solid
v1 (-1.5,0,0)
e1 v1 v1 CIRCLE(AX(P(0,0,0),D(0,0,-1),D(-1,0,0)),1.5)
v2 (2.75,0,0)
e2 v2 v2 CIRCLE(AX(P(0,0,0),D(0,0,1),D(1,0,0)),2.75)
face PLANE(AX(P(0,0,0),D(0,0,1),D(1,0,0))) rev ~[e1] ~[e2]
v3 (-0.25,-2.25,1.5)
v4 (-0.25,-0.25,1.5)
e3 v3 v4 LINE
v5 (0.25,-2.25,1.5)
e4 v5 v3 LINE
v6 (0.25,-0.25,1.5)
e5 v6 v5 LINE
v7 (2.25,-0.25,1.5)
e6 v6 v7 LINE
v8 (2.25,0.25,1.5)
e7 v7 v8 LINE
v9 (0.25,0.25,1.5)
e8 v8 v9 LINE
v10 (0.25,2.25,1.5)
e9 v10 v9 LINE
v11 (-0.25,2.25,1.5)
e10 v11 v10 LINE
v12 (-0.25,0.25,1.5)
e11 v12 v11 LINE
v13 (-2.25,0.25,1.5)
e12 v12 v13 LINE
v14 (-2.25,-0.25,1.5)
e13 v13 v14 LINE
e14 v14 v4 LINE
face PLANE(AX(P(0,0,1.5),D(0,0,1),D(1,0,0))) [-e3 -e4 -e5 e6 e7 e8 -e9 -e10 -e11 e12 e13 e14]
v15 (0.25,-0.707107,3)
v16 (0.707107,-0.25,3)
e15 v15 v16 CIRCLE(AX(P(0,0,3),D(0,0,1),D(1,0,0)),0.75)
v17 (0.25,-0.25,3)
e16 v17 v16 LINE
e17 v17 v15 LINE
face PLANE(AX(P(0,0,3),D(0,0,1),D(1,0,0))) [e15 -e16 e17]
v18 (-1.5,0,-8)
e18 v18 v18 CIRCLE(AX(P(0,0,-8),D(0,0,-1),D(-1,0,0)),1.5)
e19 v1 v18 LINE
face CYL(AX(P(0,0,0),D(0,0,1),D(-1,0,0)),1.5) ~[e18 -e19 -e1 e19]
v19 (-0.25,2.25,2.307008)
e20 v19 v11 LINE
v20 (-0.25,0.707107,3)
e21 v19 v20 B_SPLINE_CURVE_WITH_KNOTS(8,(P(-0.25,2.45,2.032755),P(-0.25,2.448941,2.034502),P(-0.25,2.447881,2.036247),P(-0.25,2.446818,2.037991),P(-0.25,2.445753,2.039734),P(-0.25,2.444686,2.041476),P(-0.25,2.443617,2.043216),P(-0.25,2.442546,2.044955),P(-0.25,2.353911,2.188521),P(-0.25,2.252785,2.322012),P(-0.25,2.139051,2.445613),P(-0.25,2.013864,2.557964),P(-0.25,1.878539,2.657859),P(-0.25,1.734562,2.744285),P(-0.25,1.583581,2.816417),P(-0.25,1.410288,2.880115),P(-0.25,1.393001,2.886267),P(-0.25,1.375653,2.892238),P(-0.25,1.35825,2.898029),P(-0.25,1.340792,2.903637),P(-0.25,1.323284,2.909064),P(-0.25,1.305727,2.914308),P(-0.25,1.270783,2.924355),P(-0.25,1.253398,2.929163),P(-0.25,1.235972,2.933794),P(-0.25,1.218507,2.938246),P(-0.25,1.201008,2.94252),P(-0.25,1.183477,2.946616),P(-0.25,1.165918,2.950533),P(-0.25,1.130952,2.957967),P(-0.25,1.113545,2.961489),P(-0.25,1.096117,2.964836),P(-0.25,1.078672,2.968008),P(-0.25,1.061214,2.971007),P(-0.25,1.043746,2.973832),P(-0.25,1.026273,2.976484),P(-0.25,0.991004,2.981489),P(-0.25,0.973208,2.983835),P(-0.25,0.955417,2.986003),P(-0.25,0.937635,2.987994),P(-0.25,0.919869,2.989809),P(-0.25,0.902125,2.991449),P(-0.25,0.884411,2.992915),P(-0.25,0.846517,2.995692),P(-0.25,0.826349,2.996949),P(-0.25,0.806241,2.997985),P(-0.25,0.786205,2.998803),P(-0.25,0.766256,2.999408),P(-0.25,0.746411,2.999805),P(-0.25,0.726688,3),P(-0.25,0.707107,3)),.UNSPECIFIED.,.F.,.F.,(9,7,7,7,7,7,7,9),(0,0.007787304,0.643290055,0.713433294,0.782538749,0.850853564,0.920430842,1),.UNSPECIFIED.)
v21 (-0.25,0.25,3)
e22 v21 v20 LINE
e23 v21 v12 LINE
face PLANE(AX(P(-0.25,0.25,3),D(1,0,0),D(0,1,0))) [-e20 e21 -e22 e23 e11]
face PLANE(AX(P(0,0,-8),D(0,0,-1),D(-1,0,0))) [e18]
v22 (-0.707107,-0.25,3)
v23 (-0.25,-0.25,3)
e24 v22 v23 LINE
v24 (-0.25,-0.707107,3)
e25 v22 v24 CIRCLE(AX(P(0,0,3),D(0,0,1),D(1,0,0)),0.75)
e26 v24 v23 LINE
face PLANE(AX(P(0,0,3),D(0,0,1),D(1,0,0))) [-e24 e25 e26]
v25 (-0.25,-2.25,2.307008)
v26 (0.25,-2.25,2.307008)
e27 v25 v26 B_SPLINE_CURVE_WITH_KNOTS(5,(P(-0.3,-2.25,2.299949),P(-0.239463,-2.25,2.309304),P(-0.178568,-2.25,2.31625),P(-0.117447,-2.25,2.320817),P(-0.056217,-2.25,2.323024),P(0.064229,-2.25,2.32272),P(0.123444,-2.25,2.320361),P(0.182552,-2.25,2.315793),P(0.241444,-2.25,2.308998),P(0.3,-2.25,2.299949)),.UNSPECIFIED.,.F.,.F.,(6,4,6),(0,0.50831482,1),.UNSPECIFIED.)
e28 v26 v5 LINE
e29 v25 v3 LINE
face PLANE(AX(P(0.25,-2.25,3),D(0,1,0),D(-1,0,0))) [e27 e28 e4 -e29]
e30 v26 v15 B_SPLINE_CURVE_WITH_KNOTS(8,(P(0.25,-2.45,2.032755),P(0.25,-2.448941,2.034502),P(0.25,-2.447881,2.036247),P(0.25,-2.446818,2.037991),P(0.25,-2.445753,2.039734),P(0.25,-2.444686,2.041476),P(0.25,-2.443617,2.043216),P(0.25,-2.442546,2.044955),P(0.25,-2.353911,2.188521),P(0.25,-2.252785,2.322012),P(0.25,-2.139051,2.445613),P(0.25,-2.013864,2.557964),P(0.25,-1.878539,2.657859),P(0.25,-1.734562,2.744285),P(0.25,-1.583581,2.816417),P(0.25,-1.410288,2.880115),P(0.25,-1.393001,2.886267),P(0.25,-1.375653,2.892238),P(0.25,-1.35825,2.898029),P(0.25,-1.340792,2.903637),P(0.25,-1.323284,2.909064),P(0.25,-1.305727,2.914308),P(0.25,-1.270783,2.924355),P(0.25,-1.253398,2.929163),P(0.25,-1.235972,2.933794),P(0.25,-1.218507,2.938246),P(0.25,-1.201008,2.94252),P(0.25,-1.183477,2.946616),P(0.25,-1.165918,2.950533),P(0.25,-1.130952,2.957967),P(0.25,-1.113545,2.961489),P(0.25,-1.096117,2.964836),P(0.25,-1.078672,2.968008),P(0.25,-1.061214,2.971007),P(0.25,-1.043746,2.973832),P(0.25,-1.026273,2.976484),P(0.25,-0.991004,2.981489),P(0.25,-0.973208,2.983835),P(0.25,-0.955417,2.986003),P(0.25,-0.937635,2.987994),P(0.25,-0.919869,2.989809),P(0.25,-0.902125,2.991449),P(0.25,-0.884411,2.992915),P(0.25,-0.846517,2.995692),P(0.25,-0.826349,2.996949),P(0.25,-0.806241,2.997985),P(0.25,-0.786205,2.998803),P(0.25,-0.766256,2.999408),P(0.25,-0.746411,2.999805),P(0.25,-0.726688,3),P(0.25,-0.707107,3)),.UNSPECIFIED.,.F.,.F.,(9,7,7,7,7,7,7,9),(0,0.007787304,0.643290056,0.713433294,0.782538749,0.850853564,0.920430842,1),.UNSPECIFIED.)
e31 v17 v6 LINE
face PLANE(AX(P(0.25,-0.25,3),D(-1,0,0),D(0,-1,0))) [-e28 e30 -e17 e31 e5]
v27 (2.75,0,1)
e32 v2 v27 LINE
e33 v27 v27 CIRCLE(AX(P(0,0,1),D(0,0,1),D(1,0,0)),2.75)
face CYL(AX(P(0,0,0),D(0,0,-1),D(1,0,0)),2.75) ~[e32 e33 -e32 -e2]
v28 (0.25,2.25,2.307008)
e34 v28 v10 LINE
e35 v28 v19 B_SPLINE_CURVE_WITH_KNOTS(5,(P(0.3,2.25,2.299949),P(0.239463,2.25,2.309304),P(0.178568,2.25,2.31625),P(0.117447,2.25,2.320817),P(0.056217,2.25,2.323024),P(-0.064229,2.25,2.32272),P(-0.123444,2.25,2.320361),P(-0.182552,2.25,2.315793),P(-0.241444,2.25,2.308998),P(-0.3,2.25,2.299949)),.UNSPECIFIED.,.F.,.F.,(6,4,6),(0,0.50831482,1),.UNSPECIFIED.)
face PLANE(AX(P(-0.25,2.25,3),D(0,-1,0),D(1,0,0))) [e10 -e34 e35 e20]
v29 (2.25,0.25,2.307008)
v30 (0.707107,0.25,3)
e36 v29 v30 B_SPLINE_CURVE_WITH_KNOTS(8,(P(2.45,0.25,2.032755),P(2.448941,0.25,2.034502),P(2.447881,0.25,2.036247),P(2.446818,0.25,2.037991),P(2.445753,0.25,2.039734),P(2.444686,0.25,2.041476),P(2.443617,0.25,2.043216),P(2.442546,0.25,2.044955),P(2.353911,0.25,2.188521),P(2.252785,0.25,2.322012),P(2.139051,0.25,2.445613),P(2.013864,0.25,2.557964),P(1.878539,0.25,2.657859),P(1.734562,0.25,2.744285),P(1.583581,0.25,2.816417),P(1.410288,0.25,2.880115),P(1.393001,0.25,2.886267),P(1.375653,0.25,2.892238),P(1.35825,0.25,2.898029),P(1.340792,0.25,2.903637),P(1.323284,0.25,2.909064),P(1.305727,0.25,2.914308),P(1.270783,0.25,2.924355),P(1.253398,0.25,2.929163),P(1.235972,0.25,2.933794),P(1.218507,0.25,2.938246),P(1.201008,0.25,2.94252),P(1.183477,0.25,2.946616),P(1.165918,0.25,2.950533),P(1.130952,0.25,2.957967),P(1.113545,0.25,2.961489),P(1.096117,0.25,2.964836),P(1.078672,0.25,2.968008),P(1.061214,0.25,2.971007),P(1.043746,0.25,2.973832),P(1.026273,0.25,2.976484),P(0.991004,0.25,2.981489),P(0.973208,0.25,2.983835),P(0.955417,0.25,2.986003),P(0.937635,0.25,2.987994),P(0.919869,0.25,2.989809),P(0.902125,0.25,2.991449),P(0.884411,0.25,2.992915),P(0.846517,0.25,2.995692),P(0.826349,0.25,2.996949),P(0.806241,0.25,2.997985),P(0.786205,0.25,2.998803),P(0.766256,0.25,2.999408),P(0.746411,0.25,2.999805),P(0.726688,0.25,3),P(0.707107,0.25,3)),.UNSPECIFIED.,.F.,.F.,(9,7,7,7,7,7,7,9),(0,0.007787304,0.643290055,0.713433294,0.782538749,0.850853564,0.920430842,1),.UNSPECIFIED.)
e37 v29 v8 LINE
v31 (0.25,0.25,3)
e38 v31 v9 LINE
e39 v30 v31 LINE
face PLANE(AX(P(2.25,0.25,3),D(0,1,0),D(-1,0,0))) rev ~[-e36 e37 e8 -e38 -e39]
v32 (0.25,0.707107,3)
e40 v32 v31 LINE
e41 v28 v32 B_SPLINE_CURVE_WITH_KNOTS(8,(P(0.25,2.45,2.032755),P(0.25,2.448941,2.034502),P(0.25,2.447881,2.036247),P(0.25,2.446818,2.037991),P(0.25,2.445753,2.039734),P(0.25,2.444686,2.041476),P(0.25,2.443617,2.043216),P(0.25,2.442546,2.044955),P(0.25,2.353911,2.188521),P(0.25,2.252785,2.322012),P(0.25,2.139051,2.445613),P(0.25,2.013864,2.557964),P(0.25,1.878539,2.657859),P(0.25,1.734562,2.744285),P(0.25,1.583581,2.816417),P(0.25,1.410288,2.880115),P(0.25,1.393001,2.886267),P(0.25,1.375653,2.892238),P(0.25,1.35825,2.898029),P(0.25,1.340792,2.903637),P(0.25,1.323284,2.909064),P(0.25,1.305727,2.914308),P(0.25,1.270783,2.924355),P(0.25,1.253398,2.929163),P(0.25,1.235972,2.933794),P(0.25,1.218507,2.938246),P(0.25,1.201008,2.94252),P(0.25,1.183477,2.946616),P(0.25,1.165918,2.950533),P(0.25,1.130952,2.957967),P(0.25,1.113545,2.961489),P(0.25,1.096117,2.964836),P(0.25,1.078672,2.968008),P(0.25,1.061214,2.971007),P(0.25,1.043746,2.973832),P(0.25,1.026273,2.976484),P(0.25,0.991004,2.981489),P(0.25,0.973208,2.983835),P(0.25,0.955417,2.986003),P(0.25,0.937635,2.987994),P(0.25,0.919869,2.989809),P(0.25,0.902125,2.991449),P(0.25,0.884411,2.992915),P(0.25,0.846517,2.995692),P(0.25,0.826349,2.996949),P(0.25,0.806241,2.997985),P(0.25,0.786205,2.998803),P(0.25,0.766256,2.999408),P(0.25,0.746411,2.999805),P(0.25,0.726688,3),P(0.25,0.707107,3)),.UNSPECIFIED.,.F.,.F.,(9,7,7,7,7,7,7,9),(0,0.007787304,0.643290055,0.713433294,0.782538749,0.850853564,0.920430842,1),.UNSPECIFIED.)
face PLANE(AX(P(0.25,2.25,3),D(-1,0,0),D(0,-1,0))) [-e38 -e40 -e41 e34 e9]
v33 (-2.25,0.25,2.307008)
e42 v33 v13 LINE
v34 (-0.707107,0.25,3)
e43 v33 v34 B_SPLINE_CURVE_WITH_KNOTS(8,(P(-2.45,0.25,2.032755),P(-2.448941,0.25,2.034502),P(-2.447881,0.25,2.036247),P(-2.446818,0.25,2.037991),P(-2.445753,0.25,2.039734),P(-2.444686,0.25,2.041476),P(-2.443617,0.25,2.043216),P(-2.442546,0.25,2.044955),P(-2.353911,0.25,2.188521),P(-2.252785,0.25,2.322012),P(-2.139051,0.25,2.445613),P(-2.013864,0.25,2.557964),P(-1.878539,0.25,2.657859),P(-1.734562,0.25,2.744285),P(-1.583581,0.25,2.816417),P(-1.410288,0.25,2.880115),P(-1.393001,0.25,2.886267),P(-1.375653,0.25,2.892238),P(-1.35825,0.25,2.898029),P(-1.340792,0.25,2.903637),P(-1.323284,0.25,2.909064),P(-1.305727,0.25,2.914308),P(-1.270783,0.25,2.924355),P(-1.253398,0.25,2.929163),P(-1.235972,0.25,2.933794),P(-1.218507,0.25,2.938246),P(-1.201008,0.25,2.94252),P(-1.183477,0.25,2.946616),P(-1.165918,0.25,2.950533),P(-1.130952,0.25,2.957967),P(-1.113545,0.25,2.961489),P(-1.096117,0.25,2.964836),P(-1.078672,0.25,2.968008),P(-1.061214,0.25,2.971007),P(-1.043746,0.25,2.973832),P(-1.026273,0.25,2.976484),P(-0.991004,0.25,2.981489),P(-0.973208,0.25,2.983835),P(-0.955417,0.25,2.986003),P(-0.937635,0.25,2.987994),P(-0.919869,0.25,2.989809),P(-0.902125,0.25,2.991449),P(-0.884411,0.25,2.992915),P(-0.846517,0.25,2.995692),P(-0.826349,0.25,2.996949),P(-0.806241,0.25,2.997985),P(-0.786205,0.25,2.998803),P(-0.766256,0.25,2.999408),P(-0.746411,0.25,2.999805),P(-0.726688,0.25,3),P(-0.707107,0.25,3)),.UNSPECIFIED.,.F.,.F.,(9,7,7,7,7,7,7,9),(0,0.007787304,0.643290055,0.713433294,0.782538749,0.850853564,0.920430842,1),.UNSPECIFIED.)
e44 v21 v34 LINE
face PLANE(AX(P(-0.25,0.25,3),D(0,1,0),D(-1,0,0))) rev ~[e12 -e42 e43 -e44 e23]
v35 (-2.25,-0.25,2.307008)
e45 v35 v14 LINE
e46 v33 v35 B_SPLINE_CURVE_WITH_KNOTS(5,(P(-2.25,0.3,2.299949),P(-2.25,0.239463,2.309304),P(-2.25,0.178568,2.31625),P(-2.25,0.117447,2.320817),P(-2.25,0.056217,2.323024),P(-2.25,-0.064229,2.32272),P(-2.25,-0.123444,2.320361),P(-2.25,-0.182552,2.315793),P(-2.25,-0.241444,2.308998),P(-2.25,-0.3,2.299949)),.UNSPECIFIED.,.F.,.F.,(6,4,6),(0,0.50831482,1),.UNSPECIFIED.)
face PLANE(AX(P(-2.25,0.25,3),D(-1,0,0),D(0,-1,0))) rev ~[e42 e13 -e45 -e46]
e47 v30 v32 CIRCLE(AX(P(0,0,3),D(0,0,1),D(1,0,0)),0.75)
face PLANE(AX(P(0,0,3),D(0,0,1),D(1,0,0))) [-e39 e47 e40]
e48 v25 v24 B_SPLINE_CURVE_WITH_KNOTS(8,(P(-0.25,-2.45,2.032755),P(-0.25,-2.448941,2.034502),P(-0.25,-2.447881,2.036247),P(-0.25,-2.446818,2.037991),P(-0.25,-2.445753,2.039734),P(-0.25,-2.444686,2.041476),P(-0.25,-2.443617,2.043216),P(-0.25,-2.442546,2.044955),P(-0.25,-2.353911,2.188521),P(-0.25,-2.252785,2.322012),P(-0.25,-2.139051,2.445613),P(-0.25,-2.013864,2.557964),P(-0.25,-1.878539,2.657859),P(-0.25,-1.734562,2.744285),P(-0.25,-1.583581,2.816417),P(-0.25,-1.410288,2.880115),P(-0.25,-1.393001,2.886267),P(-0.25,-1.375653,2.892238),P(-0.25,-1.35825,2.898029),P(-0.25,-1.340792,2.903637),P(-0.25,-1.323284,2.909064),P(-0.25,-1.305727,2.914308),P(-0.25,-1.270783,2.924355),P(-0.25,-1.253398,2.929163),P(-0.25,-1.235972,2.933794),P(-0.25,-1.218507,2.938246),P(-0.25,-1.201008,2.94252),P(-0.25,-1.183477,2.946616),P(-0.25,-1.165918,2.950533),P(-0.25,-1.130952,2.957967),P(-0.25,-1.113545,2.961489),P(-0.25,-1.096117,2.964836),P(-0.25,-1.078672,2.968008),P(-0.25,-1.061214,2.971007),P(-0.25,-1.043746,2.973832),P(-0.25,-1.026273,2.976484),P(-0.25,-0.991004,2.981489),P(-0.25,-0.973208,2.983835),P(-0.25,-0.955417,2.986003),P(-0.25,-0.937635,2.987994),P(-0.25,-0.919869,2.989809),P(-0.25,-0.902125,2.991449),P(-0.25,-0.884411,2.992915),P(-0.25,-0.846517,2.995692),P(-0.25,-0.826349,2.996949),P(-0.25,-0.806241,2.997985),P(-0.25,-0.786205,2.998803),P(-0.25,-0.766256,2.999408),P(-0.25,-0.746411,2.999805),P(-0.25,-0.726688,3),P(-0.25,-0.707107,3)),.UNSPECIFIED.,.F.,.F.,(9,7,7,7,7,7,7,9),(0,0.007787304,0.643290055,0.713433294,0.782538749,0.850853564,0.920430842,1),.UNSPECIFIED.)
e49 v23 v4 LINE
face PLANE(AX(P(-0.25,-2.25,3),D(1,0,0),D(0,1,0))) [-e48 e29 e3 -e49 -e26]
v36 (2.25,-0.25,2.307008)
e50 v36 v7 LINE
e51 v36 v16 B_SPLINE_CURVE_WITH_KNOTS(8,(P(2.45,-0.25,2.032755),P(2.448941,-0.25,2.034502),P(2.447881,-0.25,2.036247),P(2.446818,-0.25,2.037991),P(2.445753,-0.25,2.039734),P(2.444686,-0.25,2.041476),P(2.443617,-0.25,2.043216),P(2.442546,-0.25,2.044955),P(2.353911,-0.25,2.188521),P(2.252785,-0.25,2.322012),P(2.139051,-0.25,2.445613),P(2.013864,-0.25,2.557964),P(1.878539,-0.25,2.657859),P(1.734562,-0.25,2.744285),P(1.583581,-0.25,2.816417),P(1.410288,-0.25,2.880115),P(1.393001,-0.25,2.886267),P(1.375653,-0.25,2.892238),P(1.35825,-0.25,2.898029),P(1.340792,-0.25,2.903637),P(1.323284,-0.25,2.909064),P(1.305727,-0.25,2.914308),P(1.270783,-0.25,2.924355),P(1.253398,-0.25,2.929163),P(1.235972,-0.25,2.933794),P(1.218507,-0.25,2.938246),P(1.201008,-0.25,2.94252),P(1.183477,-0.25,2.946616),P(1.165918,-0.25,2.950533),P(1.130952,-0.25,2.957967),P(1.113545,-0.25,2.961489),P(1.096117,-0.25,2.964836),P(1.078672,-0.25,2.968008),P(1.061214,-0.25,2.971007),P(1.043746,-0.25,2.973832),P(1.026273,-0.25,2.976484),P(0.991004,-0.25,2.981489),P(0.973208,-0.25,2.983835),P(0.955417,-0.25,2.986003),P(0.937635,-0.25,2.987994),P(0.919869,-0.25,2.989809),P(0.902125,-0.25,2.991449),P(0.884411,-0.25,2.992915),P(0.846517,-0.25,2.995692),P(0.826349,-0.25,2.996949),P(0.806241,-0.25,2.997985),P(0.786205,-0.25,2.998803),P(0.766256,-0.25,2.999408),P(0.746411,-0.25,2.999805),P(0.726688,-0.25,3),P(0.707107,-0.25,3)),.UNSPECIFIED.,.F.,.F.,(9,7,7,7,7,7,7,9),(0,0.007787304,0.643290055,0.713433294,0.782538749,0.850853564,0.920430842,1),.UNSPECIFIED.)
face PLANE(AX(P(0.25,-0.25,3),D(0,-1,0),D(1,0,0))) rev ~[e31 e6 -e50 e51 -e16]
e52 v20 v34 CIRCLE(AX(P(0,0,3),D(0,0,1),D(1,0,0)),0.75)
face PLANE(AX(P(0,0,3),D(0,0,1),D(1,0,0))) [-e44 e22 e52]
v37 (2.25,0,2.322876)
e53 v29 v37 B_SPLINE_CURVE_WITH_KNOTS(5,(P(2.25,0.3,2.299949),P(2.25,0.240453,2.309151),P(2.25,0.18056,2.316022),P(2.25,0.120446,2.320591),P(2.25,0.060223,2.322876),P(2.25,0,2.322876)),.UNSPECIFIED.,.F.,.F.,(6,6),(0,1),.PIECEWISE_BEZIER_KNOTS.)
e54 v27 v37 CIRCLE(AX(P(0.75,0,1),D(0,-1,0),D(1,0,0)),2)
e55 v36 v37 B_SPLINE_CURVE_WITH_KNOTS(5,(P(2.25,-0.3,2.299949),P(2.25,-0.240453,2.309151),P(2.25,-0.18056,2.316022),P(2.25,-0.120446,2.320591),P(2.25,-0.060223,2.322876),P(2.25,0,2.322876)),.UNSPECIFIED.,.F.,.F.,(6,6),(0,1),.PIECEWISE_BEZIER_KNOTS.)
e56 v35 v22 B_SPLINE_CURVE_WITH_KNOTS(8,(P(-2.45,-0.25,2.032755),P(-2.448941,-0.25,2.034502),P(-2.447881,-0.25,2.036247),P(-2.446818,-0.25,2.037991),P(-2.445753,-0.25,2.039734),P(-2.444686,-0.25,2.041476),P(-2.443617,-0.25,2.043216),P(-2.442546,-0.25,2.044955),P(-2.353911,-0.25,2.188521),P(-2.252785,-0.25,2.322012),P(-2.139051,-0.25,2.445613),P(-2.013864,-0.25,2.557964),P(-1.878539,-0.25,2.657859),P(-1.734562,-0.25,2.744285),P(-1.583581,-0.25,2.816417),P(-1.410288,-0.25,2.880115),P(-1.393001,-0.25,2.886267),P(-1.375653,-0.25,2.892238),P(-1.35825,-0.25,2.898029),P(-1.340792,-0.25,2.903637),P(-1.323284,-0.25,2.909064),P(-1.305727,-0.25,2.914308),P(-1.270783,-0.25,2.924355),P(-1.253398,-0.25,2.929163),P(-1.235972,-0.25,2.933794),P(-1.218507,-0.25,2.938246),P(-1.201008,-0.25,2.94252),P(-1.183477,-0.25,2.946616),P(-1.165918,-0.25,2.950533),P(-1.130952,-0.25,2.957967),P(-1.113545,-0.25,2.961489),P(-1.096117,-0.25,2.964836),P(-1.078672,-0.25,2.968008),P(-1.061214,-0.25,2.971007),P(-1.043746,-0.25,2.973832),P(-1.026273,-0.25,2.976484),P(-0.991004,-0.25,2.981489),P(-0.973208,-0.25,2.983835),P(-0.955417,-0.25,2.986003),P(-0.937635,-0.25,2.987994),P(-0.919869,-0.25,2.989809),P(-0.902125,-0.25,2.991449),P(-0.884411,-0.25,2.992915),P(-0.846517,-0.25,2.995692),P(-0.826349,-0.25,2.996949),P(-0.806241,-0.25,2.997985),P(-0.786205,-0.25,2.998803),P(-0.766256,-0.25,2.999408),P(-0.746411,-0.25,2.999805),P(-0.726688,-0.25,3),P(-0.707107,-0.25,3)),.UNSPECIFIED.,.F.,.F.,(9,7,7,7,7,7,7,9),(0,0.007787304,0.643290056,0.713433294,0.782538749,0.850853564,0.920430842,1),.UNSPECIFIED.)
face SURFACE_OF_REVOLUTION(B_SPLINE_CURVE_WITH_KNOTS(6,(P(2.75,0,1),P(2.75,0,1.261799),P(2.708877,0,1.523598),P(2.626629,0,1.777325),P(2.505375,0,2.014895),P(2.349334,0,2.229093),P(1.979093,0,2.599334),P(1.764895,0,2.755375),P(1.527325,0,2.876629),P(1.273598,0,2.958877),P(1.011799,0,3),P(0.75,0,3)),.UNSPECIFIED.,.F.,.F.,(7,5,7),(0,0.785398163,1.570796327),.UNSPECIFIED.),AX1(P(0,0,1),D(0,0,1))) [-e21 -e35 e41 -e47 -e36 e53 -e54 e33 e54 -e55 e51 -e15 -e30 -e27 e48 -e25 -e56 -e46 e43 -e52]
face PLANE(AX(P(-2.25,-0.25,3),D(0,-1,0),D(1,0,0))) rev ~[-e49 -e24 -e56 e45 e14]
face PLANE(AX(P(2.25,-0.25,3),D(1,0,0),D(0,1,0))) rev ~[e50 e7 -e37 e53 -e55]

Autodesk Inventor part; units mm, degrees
ref_plane "YZ Plane" through (0, 0, 0) normal (1, 0, 0) x (0, 1, 0)
ref_plane "XZ Plane" through (0, 0, 0) normal (0, 1, 0) x (-1, 0, 0)
ref_plane "XY Plane" through (0, 0, 0) normal (0, 0, 1) x (1, 0, 0)
sketch "Skizze1" plane through (0, 0, 0) normal (0, 0, 1) x (1, 0, 0)
  circle A0 centre (0, 0) radius 2.75
  dimension "d0" = 5.5
extrude "Extrusion1" add sketch "Skizze1" along normal blind 3
fillet "Rundung1" radius 2 1 edges at (-2.75, 0, 3)
sketch "Skizze2" plane through (0, 0, 3) normal (0, 0, 1) x (1, 0, 0)
  line L0 (0.25, -2.25) -> (-0.25, -2.25)
  line L1 (-0.25, 2.25) -> (0.25, 2.25)
  line L2 (0.25, -2.25) -> (-0.25, 2.25) construction
  line L3 (-0.25, -2.25) -> (0.25, 2.25) construction
  line L4 (-2.25, 0.25) -> (-2.25, -0.25)
  line L5 (2.25, -0.25) -> (2.25, 0.25)
  line L6 (2.25, 0.25) -> (-2.25, -0.25) construction
  line L7 (-2.25, 0.25) -> (2.25, -0.25) construction
  line L8 (-0.25, 0.25) -> (-2.25, 0.25)
  line L9 (-0.25, 0.25) -> (-0.25, 2.25)
  line L10 (-0.25, -2.25) -> (-0.25, -0.25)
  line L11 (-0.25, -0.0278) -> (-0.25, 0.0278)
  line L12 (2.25, 0.25) -> (0.25, 0.25)
  line L13 (0.0278, 0.25) -> (-0.0278, 0.25)
  line L14 (0.25, -0.25) -> (2.25, -0.25)
  line L15 (-2.25, -0.25) -> (-0.25, -0.25)
  line L16 (-0.0278, -0.25) -> (0.0278, -0.25)
  line L17 (0.25, -0.25) -> (0.25, -2.25)
  line L18 (0.25, 2.25) -> (0.25, 0.25)
  line L19 (0.25, 0.0278) -> (0.25, -0.0278)
  point P0 (0, 0)
  dimension "d4" = 0.5
  dimension "d5" = 4.5
  dimension "d6" = 4.5
  dimension "d7" = 0.5
extrude "Extrusion2" cut sketch "Skizze2" against normal blind 1.5
sketch "Skizze3" plane through (0, 0, 0) normal (0, 0, -1) x (-1, 0, 0)
  circle A0 centre (0, 0) radius 1.5
  dimension "d10" = 3
extrude "Extrusion3" add sketch "Skizze3" along normal blind 8
thread "Gewinde1" size "M3x0.5" class "6g" standard "ANSI Metric M Profile" full length
properties part number "M3 Schraube"
